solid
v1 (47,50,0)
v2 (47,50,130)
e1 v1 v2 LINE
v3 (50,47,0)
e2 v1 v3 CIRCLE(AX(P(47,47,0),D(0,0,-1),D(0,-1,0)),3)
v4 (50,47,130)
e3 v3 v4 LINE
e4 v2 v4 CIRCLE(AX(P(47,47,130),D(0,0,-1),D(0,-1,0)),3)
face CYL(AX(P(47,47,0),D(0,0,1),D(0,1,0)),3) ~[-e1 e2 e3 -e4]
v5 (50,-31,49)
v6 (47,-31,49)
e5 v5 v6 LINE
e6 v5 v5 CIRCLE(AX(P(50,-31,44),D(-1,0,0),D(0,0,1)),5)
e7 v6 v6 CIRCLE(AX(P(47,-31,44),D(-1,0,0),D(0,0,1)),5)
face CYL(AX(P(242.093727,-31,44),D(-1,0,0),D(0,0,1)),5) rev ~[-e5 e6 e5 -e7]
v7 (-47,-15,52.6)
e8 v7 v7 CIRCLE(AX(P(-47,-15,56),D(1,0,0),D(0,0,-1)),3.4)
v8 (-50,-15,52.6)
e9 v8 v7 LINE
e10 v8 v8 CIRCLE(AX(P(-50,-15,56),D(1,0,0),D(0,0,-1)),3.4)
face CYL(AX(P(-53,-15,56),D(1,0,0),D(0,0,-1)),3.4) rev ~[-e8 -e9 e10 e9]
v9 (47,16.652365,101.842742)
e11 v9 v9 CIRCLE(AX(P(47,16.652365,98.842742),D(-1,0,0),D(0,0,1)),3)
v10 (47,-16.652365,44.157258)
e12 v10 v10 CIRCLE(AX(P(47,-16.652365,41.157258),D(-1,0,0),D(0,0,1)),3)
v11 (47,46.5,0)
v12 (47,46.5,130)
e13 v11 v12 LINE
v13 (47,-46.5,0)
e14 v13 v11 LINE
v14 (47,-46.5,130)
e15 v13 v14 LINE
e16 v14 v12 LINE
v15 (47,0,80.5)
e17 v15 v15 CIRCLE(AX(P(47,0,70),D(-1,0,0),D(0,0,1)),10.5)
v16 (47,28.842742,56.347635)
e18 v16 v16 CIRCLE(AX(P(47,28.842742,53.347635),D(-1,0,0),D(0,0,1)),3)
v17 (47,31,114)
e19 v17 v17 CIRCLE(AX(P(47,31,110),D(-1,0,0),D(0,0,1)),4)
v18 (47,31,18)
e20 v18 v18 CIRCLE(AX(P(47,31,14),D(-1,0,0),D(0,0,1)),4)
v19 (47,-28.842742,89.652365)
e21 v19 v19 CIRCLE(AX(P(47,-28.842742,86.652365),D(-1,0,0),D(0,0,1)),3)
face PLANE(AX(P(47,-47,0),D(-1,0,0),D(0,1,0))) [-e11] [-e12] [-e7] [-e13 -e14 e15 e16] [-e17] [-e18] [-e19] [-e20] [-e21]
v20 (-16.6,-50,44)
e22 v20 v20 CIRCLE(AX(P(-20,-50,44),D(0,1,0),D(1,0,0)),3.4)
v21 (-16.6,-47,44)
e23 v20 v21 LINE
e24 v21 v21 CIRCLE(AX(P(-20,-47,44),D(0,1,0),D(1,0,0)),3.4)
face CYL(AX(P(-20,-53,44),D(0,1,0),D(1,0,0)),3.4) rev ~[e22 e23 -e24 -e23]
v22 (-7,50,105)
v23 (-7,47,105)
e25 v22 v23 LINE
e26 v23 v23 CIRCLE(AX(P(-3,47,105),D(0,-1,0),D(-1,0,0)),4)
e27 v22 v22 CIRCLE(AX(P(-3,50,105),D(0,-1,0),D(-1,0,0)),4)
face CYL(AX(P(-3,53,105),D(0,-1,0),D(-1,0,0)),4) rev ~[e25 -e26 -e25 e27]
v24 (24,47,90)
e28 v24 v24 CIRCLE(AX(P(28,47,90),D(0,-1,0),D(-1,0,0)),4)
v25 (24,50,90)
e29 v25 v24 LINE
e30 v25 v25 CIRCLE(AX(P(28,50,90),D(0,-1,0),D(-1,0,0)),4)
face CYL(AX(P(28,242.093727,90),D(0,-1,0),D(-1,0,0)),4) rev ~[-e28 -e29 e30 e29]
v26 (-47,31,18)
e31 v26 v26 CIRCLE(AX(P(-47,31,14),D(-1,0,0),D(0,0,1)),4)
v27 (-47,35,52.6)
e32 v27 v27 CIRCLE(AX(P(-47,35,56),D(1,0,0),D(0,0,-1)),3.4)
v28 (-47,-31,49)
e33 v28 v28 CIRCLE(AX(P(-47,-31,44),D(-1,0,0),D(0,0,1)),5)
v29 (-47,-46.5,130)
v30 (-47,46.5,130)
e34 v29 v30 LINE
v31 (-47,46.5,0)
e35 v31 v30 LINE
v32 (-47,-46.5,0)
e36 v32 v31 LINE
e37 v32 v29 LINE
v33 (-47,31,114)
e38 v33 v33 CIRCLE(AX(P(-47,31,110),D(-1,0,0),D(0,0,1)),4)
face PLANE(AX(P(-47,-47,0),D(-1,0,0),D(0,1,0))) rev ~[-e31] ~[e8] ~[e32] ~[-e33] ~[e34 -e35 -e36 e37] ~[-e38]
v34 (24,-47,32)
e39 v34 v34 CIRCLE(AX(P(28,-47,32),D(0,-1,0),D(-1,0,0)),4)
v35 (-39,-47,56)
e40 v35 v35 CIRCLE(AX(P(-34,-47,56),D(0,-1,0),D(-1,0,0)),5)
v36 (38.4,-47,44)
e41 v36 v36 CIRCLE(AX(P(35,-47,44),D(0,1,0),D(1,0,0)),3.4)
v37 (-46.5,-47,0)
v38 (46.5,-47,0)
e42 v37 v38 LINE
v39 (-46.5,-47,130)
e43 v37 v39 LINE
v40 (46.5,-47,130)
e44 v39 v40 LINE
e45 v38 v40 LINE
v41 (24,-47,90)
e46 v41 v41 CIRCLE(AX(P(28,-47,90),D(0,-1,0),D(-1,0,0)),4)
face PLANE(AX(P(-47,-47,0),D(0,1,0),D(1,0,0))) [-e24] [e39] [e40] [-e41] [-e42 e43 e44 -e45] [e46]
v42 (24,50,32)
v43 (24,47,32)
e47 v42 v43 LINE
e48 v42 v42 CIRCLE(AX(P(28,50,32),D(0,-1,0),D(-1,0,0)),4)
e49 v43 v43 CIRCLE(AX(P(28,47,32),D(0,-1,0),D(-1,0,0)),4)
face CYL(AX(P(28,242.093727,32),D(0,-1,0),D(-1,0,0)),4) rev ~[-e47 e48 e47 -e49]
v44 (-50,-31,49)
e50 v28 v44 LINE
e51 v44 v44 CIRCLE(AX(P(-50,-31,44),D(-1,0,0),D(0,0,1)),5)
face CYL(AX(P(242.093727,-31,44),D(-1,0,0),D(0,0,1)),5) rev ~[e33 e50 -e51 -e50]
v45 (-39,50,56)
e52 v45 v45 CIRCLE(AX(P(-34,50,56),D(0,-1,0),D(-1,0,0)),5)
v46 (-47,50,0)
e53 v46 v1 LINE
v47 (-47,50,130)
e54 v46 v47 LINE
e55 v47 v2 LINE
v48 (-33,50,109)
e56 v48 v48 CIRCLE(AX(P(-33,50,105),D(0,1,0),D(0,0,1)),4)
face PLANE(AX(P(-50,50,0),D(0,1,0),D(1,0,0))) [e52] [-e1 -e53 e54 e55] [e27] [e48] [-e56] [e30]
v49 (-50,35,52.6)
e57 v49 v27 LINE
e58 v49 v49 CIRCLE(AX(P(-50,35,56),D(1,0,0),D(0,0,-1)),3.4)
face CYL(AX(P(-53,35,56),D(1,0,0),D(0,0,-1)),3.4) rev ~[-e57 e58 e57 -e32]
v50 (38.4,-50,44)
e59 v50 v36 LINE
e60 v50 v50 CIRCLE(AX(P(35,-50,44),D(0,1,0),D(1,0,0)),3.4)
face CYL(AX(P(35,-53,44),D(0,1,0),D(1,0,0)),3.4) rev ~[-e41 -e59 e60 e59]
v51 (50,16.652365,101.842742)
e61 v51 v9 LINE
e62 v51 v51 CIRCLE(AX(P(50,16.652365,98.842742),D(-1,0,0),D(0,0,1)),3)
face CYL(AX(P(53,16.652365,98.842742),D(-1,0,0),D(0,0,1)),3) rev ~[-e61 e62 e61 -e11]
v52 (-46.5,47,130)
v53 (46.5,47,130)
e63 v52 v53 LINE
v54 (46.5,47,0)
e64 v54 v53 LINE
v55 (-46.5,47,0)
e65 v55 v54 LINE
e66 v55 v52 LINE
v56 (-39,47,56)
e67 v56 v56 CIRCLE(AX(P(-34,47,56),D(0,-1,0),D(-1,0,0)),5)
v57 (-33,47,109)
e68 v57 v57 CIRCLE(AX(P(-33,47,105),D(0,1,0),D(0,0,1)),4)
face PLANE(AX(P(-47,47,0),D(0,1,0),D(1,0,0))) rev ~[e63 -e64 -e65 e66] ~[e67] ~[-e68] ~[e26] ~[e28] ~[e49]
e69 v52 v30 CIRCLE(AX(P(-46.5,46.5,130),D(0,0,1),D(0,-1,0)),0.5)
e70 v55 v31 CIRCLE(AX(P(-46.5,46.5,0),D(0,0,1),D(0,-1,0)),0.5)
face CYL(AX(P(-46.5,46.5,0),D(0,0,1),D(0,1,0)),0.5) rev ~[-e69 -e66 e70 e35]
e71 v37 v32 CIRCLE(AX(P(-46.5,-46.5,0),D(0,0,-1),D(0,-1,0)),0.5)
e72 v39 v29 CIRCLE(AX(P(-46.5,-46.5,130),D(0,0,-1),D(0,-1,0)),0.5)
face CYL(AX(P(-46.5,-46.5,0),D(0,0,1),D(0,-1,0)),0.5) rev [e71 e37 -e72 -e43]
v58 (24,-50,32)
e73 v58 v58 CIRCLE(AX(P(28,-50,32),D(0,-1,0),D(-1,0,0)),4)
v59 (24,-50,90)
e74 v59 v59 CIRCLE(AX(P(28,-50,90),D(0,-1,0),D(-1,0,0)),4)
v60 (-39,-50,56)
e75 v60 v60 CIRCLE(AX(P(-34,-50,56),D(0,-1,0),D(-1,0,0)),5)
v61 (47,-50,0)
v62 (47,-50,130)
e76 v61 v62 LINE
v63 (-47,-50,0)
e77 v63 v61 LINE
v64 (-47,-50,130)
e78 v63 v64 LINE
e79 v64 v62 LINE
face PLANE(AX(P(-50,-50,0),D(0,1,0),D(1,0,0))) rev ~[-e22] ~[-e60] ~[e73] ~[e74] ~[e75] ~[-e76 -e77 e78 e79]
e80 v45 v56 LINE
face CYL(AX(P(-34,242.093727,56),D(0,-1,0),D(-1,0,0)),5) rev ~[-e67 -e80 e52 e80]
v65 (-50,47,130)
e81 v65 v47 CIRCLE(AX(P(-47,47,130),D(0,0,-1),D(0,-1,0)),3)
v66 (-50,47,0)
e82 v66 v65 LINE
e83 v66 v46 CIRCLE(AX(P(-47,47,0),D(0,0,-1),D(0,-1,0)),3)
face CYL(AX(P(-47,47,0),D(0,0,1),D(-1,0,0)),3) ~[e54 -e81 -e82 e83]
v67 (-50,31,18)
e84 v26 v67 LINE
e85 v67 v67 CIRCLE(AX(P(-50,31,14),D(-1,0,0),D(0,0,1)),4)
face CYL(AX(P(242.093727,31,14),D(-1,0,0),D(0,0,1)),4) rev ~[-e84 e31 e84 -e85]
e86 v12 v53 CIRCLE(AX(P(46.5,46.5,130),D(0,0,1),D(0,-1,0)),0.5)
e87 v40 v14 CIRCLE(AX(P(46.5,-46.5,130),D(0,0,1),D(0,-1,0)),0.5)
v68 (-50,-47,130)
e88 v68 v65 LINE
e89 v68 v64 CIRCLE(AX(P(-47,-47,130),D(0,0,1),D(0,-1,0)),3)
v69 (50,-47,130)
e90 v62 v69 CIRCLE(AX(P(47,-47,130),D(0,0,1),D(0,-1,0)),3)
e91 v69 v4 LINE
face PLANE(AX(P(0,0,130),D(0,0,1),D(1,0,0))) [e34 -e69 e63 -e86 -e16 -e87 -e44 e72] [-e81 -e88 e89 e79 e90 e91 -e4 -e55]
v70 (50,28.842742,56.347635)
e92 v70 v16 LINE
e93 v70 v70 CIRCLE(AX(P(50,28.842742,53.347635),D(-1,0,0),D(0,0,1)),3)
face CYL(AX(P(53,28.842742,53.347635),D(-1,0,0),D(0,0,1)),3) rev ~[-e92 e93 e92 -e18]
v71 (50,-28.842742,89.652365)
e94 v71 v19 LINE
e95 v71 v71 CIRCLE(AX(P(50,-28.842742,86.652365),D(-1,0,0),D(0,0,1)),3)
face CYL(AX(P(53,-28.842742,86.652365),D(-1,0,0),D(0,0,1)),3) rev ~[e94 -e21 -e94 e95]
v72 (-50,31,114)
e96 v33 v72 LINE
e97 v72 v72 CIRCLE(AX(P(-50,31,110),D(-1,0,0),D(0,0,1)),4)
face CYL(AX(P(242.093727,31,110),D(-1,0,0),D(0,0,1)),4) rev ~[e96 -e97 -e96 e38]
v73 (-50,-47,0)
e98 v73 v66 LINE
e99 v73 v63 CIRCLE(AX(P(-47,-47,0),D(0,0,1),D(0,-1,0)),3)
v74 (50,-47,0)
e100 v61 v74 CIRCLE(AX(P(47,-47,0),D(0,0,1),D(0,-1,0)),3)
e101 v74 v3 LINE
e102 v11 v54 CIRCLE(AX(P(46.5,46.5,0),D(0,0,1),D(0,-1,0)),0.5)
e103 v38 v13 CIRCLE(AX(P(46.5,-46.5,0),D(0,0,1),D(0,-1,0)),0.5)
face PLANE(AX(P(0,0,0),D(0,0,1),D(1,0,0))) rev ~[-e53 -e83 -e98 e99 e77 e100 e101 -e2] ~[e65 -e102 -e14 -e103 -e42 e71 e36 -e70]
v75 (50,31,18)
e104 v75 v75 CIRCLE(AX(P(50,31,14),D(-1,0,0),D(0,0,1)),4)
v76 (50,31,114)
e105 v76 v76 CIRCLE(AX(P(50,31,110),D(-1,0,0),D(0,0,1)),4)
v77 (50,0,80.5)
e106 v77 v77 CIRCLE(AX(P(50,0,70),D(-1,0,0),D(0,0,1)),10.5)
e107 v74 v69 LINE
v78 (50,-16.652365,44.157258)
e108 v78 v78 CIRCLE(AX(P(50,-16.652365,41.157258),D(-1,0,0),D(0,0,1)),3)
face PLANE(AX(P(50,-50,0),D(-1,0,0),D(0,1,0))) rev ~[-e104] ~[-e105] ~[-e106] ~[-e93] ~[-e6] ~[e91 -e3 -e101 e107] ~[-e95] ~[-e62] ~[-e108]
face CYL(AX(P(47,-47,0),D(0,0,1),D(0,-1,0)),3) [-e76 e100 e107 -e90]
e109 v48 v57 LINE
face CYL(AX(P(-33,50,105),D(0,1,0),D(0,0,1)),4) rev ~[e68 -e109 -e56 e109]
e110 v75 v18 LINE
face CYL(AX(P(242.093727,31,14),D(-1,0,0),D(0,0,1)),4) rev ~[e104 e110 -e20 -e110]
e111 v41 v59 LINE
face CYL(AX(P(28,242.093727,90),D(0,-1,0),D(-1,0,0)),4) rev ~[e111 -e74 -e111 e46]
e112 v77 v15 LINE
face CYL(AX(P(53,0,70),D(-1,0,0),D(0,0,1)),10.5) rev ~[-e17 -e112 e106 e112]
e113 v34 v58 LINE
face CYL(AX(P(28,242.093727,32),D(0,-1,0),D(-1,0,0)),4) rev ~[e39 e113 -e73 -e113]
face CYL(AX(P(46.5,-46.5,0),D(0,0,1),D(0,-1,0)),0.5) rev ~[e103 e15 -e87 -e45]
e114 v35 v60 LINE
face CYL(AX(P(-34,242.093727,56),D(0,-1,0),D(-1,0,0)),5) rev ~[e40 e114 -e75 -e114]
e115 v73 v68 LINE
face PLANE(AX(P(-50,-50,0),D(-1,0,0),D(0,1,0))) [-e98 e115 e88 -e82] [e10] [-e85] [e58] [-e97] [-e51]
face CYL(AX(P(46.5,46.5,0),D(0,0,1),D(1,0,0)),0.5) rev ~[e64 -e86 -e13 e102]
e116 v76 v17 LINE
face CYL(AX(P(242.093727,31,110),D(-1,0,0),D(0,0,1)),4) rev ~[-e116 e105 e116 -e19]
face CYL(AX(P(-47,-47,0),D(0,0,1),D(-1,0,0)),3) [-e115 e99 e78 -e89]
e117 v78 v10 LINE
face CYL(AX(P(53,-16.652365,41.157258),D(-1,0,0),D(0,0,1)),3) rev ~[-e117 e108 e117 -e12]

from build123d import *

# Parameters (mm, degrees)
SKETCH1_W                      = 100
SKETCH1_H                      = 100
SKETCH1_W_2                    = 94
SKETCH1_H_2                    = 94
EXTRUDE_THIN1_DEPTH            = 130
FILLET1_R                      = 0.5
FILLET2_R                      = 3
F_8_0_8_DIAMETER_HOLE2_D       = 8
F_8_0_8_DIAMETER_HOLE3_D       = 8
F_10_0_10_DIAMETER_HOLE1_D     = 10
F_10_0_10_DIAMETER_HOLE2_D     = 10
M8X1_25_TAPPED_HOLE1_D         = 6.8
M8X1_25_TAPPED_HOLE1_DEPTH     = 3
M8X1_25_TAPPED_HOLE2_D         = 6.8
M8X1_25_TAPPED_HOLE2_DEPTH     = 3
F_21_0_21_DIAMETER_HOLE1_D     = 21
F_21_0_21_DIAMETER_HOLE1_DEPTH = 3
F_6_0_6_DIAMETER_HOLE1_D       = 6
F_6_0_6_DIAMETER_HOLE1_DEPTH   = 3
F_8_0_8_DIAMETER_HOLE4_D       = 8
F_8_0_8_DIAMETER_HOLE4_DEPTH   = 3
SKETCH33_R                     = 4
CUT_EXTRUDE1_DEPTH             = 10


with BuildPart() as part:
    # Sketch1 → Extrude-Thin1 (new body)
    with BuildSketch(Plane.XY):
        Rectangle(SKETCH1_W, SKETCH1_H)
        Rectangle(SKETCH1_W_2, SKETCH1_H_2, mode=Mode.SUBTRACT)
    extrude(amount=EXTRUDE_THIN1_DEPTH)

    # Fillet1
    fillet1_edges = [part.edges().sort_by_distance(p)[0] for p in [
        (47, -47, 65),
        (47, 47, 65),
        (-47, 47, 65),
        (-47, -47, 65),
    ]]
    fillet(fillet1_edges, radius=FILLET1_R)

    # Fillet2
    fillet2_edges = [part.edges().sort_by_distance(p)[0] for p in [
        (50, -50, 65),
        (-50, -50, 65),
        (-50, 50, 65),
        (50, 50, 65),
    ]]
    fillet(fillet2_edges, radius=FILLET2_R)

    # Ø8.0 (8) Diameter Hole2 (through all)
    with Locations(Plane(origin=(0, 50, 0), x_dir=(1, 0, 0), z_dir=(0, 1, 0))):
        with Locations((28, -32), (28, -90)):
            Hole(F_8_0_8_DIAMETER_HOLE2_D / 2)

    # Ø8.0 (8) Diameter Hole3 (through all)
    with Locations(Plane(origin=(50, 0, 0), x_dir=(0, 0, -1), z_dir=(1, 0, 0))):
        with Locations((-14, 31), (-110, 31)):
            Hole(F_8_0_8_DIAMETER_HOLE3_D / 2)

    # Ø10.0 (10) Diameter Hole1 (through all)
    with Locations(Plane(origin=(0, 50, 0), x_dir=(1, 0, 0), z_dir=(0, 1, 0))):
        with Locations((-34, -56)):
            Hole(F_10_0_10_DIAMETER_HOLE1_D / 2)

    # Ø10.0 (10) Diameter Hole2 (through all)
    with Locations(Plane(origin=(50, 0, 0), x_dir=(0, 0, -1), z_dir=(1, 0, 0))):
        with Locations((-44, -31)):
            Hole(F_10_0_10_DIAMETER_HOLE2_D / 2)

    # M8x1.25 Tapped Hole1
    with Locations(Plane.ZY.offset(50)):
        with Locations((56, -15), (56, 35)):
            Hole(M8X1_25_TAPPED_HOLE1_D / 2, depth=M8X1_25_TAPPED_HOLE1_DEPTH)

    # M8x1.25 Tapped Hole2
    with Locations(Plane(origin=(0, -50, 0), x_dir=(-1, 0, 0), z_dir=(0, -1, 0))):
        with Locations((20, -44), (-35, -44)):
            Hole(M8X1_25_TAPPED_HOLE2_D / 2, depth=M8X1_25_TAPPED_HOLE2_DEPTH)

    # Ø21.0 (21) Diameter Hole1
    with Locations(Plane(origin=(50, 0, 0), x_dir=(0, 0, -1), z_dir=(1, 0, 0))):
        with Locations((-70, 0)):
            Hole(F_21_0_21_DIAMETER_HOLE1_D / 2, depth=F_21_0_21_DIAMETER_HOLE1_DEPTH)

    # Ø6.0 (6) Diameter Hole1
    with Locations(Plane(origin=(50, 0, 0), x_dir=(0, 0, -1), z_dir=(1, 0, 0))):
        with Locations((-41.157258279, -16.652364697), (-53.347635303, 28.842741721), (-98.842741721, 16.652364697), (-86.652364697, -28.842741721)):
            Hole(F_6_0_6_DIAMETER_HOLE1_D / 2, depth=F_6_0_6_DIAMETER_HOLE1_DEPTH)

    # Ø8.0 (8) Diameter Hole4
    with Locations(Plane(origin=(0, 50, 0), x_dir=(1, 0, 0), z_dir=(0, 1, 0))):
        with Locations((-3, -105)):
            Hole(F_8_0_8_DIAMETER_HOLE4_D / 2, depth=F_8_0_8_DIAMETER_HOLE4_DEPTH)

    # Sketch33 → Cut-Extrude1 (cut)
    with BuildSketch(Plane(origin=(0, 50, 0), x_dir=(1, 0, 0), z_dir=(0, 1, 0))):
        with Locations(Location((-33, -105, 0), (0, 0, 270))):
            Circle(SKETCH33_R)
    extrude(amount=-CUT_EXTRUDE1_DEPTH, mode=Mode.SUBTRACT)


solid = part.part
